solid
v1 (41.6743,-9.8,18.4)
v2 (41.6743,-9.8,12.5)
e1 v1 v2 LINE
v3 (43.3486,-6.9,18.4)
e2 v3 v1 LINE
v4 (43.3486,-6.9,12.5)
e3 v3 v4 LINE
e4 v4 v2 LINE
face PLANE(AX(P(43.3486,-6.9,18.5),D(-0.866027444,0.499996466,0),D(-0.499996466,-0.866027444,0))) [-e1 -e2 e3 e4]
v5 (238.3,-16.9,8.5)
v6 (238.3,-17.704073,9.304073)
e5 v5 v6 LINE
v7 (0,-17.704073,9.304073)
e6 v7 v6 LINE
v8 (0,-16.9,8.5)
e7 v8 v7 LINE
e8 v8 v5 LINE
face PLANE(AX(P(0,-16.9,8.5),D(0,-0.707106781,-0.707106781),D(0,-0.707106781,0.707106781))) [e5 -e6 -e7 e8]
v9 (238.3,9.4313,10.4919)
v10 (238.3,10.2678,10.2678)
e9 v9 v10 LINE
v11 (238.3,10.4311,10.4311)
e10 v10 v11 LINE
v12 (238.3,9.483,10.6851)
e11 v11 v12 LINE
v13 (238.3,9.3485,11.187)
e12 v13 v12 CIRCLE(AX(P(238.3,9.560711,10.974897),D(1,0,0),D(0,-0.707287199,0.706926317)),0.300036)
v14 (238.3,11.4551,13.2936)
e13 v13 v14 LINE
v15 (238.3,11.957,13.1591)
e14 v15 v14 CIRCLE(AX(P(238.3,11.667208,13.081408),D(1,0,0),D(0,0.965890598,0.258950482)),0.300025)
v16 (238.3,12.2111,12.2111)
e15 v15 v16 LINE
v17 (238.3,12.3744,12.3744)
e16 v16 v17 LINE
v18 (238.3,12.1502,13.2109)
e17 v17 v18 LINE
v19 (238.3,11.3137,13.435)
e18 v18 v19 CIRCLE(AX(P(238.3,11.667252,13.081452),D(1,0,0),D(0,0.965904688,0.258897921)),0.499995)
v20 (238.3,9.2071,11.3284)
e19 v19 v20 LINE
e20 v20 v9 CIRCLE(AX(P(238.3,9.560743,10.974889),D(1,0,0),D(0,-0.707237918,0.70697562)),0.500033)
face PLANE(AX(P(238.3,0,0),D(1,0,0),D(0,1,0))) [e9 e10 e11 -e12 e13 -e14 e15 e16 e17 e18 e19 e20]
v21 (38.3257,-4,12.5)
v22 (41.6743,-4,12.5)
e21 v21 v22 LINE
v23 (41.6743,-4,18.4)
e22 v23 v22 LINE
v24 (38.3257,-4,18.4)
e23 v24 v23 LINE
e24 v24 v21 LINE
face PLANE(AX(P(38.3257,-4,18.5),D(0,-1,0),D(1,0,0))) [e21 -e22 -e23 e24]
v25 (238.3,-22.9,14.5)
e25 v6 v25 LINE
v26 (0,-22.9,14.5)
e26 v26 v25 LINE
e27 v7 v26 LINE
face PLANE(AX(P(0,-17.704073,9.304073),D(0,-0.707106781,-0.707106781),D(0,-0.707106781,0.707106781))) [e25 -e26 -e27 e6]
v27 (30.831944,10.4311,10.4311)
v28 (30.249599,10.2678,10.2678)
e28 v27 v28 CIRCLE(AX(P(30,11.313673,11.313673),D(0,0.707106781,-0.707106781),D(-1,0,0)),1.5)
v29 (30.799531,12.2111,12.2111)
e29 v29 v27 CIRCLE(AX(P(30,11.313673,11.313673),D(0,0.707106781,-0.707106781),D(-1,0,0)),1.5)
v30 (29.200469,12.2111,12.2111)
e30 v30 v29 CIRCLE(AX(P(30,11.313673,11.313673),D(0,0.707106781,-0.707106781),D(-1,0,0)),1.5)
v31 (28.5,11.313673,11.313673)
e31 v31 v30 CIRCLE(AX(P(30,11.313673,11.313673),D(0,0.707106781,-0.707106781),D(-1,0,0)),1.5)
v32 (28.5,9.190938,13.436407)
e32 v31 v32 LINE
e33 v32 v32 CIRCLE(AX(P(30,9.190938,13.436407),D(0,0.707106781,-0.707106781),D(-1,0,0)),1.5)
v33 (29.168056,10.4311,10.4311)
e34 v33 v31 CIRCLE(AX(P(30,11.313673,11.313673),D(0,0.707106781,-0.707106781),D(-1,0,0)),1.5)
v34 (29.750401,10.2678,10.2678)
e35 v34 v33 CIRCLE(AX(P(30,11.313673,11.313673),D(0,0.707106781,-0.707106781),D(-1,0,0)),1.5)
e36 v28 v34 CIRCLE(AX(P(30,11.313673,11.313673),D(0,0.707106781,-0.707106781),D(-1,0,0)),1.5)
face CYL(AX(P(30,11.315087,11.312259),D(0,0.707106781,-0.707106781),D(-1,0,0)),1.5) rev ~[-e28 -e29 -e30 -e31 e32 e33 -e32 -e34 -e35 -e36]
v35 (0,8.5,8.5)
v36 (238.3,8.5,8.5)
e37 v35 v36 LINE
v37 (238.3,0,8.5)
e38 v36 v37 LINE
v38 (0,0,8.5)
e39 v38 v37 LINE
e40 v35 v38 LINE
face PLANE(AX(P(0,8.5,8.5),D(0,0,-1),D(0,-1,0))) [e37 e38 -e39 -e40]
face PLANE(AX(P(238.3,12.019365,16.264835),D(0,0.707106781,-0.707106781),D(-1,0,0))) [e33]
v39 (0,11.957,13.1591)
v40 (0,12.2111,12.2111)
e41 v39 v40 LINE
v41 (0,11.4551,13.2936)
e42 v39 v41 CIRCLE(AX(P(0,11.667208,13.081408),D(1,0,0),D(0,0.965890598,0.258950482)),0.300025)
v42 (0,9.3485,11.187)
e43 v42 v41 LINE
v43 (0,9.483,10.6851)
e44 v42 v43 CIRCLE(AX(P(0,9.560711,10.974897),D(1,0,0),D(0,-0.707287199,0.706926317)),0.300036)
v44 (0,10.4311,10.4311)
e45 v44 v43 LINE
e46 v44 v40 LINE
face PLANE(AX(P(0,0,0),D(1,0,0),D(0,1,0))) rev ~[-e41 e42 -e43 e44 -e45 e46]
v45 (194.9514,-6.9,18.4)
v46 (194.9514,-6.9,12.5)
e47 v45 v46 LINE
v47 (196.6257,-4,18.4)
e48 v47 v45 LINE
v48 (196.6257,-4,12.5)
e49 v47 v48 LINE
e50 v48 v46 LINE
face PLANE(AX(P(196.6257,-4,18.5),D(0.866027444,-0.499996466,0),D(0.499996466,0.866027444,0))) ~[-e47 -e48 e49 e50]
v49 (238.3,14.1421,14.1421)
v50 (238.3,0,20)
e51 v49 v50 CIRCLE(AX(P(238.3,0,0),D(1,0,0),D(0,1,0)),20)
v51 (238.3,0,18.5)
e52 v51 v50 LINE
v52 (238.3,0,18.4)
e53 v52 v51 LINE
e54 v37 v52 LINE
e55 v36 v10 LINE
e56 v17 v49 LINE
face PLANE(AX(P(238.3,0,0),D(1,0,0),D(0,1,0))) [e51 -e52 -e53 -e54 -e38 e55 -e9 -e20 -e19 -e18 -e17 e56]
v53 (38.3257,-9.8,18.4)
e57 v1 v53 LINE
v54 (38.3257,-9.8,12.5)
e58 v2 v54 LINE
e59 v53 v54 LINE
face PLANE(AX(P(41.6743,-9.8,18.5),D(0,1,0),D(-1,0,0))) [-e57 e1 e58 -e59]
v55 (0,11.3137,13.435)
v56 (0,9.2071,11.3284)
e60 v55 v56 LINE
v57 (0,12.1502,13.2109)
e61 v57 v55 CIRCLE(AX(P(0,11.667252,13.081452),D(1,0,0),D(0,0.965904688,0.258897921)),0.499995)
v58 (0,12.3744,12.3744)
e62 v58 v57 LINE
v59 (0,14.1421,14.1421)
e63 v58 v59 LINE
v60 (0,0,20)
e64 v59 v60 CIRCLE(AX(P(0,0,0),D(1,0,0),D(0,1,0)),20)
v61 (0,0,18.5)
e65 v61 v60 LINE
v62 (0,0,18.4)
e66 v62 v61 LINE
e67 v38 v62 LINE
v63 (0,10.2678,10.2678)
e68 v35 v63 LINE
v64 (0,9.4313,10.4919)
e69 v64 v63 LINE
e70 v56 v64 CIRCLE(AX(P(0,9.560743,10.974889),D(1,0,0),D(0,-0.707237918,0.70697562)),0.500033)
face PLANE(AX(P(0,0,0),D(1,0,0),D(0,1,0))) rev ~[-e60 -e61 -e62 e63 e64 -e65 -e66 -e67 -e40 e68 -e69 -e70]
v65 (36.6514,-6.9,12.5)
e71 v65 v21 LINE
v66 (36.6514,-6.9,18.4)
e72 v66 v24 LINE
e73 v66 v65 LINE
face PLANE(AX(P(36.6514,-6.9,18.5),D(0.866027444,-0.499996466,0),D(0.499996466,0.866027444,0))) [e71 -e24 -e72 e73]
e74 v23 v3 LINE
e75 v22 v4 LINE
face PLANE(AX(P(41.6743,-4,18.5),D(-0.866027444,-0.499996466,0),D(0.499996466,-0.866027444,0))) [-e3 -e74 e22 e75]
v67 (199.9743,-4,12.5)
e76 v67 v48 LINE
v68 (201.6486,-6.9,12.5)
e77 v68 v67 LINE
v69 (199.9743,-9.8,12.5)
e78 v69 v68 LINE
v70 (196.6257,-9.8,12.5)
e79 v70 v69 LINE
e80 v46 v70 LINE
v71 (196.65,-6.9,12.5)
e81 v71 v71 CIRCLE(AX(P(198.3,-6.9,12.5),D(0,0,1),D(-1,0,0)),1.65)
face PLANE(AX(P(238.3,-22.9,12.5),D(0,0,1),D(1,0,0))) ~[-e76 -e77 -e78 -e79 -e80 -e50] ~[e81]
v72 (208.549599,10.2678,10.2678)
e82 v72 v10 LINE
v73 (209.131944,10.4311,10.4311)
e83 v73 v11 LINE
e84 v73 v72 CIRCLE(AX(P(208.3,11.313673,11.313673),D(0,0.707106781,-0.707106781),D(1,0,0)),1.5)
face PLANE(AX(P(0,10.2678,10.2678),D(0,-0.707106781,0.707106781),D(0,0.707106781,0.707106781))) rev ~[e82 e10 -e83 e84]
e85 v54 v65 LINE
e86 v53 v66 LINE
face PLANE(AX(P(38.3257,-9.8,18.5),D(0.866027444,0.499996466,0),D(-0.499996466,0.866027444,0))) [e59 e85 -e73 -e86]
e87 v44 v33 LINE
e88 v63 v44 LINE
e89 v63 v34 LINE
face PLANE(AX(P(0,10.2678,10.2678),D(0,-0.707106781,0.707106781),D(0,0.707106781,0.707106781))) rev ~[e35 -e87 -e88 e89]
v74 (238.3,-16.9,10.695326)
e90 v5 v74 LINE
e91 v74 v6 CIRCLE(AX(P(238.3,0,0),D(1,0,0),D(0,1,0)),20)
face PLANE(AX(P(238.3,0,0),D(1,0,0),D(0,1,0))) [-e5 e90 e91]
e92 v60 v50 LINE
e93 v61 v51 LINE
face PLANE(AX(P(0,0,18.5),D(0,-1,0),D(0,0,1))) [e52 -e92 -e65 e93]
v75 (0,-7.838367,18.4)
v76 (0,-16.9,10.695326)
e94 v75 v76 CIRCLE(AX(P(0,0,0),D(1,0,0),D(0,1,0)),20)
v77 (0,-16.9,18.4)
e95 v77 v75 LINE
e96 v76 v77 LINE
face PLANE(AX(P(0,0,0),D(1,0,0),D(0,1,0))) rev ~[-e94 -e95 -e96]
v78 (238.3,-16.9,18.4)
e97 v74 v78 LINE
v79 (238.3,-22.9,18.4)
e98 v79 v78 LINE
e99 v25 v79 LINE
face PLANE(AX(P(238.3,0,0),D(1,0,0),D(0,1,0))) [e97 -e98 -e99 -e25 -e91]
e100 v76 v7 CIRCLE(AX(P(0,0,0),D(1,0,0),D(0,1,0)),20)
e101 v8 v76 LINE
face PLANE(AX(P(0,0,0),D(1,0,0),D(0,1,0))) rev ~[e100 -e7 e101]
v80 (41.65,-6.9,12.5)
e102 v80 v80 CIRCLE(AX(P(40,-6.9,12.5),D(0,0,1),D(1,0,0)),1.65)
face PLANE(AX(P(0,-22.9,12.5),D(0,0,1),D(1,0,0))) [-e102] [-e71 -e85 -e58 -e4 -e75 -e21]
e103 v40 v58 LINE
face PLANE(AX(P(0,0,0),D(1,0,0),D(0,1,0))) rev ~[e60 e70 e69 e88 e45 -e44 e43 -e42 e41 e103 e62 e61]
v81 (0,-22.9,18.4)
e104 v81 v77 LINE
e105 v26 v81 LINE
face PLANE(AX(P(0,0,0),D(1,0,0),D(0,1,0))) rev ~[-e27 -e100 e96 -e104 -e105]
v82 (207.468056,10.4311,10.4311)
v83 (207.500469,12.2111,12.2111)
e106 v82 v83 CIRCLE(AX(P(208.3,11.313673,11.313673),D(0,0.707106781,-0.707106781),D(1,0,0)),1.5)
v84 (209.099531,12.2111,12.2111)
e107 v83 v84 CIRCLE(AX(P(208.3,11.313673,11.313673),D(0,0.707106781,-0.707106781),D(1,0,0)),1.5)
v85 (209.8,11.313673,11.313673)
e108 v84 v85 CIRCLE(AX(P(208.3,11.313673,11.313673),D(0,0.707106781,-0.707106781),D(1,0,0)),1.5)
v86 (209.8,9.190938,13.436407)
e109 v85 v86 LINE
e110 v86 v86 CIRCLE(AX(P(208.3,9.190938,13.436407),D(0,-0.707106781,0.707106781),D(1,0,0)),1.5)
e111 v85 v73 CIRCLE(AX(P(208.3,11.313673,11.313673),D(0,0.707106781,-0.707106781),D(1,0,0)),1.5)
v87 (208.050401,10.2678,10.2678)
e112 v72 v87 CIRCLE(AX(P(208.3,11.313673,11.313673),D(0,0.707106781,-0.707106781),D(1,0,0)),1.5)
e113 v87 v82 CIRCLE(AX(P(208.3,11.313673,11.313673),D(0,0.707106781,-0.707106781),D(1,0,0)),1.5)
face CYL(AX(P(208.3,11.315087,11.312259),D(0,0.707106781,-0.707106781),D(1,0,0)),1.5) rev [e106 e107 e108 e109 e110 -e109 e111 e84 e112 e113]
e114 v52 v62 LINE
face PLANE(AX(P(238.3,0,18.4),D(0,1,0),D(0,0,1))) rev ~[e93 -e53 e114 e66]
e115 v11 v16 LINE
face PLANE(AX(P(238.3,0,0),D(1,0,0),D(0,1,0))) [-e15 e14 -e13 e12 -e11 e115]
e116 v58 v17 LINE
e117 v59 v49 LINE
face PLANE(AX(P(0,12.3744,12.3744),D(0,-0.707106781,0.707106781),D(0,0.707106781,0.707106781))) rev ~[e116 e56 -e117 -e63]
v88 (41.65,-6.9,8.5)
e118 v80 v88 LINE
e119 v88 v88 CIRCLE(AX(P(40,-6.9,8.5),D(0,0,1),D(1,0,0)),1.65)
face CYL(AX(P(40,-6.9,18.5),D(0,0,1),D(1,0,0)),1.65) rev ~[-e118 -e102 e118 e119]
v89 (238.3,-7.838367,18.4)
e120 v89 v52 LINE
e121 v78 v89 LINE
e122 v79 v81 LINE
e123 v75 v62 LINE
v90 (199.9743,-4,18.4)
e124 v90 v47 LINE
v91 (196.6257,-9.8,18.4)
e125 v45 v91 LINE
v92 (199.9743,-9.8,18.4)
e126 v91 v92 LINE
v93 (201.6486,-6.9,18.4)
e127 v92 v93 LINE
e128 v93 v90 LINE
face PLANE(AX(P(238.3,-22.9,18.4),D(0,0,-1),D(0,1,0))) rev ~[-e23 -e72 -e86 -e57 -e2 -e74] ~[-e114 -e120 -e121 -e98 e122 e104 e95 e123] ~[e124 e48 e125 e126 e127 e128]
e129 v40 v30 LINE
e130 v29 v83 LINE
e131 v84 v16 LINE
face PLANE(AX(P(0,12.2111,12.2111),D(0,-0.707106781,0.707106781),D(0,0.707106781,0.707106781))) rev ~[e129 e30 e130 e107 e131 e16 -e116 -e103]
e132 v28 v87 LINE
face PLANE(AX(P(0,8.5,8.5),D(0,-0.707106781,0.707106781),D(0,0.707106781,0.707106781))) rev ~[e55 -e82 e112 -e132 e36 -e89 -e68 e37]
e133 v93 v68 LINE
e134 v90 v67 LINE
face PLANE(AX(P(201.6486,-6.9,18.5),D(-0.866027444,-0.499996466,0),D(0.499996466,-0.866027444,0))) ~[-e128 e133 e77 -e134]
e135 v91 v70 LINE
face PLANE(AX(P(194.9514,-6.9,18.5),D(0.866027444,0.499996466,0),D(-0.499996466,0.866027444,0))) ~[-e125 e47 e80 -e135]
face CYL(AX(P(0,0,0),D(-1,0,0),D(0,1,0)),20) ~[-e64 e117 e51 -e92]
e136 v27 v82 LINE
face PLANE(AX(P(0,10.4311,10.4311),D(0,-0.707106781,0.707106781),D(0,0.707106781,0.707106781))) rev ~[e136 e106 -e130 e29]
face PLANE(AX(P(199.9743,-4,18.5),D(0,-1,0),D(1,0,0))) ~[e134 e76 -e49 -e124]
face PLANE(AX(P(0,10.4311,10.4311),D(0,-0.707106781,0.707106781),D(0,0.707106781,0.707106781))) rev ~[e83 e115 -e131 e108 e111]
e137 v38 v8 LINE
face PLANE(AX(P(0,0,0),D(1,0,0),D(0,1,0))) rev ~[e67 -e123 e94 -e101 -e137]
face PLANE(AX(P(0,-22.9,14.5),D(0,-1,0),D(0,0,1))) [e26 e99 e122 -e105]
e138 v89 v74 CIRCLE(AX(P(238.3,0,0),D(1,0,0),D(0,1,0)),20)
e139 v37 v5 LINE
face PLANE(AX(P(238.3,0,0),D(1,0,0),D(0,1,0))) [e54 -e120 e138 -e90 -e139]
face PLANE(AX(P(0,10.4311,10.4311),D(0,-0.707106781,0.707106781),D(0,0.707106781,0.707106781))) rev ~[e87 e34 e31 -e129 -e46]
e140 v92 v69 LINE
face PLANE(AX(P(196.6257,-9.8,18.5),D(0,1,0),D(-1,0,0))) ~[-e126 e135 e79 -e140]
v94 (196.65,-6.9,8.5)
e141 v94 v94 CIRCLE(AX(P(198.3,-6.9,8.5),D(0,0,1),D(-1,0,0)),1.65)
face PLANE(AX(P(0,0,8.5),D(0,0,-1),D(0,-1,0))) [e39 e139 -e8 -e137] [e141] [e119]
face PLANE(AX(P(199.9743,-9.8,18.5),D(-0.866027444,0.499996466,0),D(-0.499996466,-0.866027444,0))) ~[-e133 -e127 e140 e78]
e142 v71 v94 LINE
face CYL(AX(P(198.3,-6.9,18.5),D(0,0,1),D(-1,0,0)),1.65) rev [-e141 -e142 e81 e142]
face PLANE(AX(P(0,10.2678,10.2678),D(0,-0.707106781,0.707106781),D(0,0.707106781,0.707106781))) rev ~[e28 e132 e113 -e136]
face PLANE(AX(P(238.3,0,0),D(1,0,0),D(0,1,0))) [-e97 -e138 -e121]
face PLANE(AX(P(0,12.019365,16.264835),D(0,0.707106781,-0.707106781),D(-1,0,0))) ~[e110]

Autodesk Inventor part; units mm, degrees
ref_plane "YZ Plane" through (0, 0, 0) normal (1, 0, 0) x (0, 1, 0)
ref_plane "XZ Plane" through (0, 0, 0) normal (0, 1, 0) x (-1, 0, 0)
ref_plane "XY Plane" through (0, 0, 0) normal (0, 0, 1) x (1, 0, 0)
sketch "Sketch1" plane through (0, 0, 0) normal (1, 0, 0) x (0, 1, 0)
  circle A0 centre (0, 0) radius 20
  line L0 (8.5, 8.5) -> (-16.9, 8.5)
  line L1 (8.5, 8.5) -> (8.5, -16.9)
  line L2 (0, 0) -> (0, 20)
  line L3 (0, 20) -> (-60.9241, 20)
  line L4 (-60.9241, 20) -> (-60.9241, 18.5)
  line L5 (-60.9241, 18.5) -> (0, 18.5)
  line L6 (0, 18.5) -> (0, 20)
  line L7 (0, 0) -> (14.1421, 14.1421)
  line L8 (0, 0) -> (20, 0)
  line L9 (-16.9, 8.5) -> (-16.9, 18.5)
  line L10 (-16.9, 8.5) -> (-22.9, 14.5)
  line L11 (-22.9, 14.5) -> (-22.9, 18.5)
  line L12 (12.3744, 12.3744) -> (12.1502, 13.2109)
  line L13 (11.3137, 13.435) -> (9.2071, 11.3284)
  line L14 (9.4313, 10.4919) -> (10.2678, 10.2678)
  line L15 (8.5, 8.5) -> (8.5, -16.9)
  line L16 (20, 0) -> (20, -60.9241)
  line L17 (20, -60.9241) -> (18.5, -60.9241)
  line L18 (18.5, -60.9241) -> (18.5, 0)
  line L19 (8.5, -16.9) -> (18.5, -16.9)
  line L20 (8.5, -16.9) -> (14.5, -22.9)
  line L21 (14.5, -22.9) -> (18.5, -22.9)
  arc A1 (9.2071, 11.3284) -> (9.4313, 10.4919) centre (9.5607, 10.9749) ccw
  arc A2 (12.1502, 13.2109) -> (11.3137, 13.435) centre (11.6673, 13.0815) ccw
  line L22 (10.4311, 10.4311) -> (9.483, 10.6851)
  arc A3 (9.3485, 11.187) -> (9.483, 10.6851) centre (9.5607, 10.9749) ccw
  line L23 (9.3485, 11.187) -> (11.4551, 13.2936)
  arc A4 (11.957, 13.1591) -> (11.4551, 13.2936) centre (11.6673, 13.0815) ccw
  line L24 (11.957, 13.1591) -> (12.2111, 12.2111)
  point P0 (0, 8.5)
  point P1 (-17.7041, 9.3041)
  point P2 (-16.9, 10.6953)
  dimension "d0" = 40
  dimension "d1" = 25.4
  dimension "d2" = 1.5
  dimension "d4" = 45
  dimension "d6" = 45
  dimension "d7" = 4
  dimension "d8" = 10
  dimension "d10" = 2.5
  dimension "d11" = 2.5
  dimension "d12" = 60
  dimension "d13" = 1.5
  dimension "d15" = 0.5
  dimension "d16" = 0.2
extrude "Extrusion1" add sketch "Sketch1" along normal blind 238.3 contours L7 L12 A2 L13 A1 L14 L0 L2 A0 | L7 L24 A4 L23 A3 L22 L14 A1 L13 A2 L12 | L5 L2 L0 L9 A0 | A0 L9 L5 | L7 L22 A3 L23 A4 L24 | L9 L10 A0 | A0 L10 L11 L5 L9
sketch "Sketch2" plane through (0, -22.9, 18.5) normal (0, 0, 1) x (1, 0, 0)
  line L0 (0, 22.9) -> (0, 0) projected
  line L1 (0, 0) -> (238.3, 0) projected
  line L2 (238.3, 22.9) -> (238.3, 0) projected
  line L3 (0, 22.9) -> (238.3, 22.9) projected
  line L4 (38.3257, 13.1) -> (36.6514, 16)
  line L5 (36.6514, 16) -> (38.3257, 18.9)
  line L6 (38.3257, 18.9) -> (41.6743, 18.9)
  line L7 (41.6743, 18.9) -> (43.3486, 16)
  line L8 (43.3486, 16) -> (41.6743, 13.1)
  line L9 (41.6743, 13.1) -> (38.3257, 13.1)
  line L10 (0, 6) -> (238.3, 6) projected
  circle A0 centre (40, 16) radius 1.65
  dimension "d20" = 10
  dimension "d21" = 5.8
  dimension "d22" = 40
  dimension "d25" = 3.3
extrude "Extrusion2" cut sketch "Sketch2" against normal blind 6 contours L4 L5 L6 L7 L8 L9 | A0
extrude "Extrusion3" cut sketch "Sketch2" against normal through all contours A0
sketch "Sketch3" plane through (0, -22.9, 18.5) normal (0, 0, 1) x (1, 0, 0)
  line L0 (0, 37.0421) -> (238.3, 37.0421) projected
  line L1 (0, 0) -> (238.3, 0) projected
  line L2 (0, 22.9) -> (0, 0) projected
  line L3 (0, 22.9) -> (0, 37.0421) projected
  line L4 (2.4384, 37.0421) -> (17.8575, 0)
  line L5 (0, 0) -> (238.3, 0) projected
  line L6 (2.4384, 37.0421) -> (0, 42.9) projected
  point P0 (0, 26.9698)
  dimension "d28" = 112.6
sketch "Sketch4" plane through (238.3, 14.1421, 14.1421) normal (0, 0.7071, -0.7071) x (-1, 0, 0)
  line L0 (238.3, 0) -> (0, 0) projected
  line L1 (0, -7.9792) -> (0, 0) projected
  line L2 (238.3, -7.9792) -> (0, -7.9792) projected
  circle A0 centre (208.3, -4) radius 1.5
  line L3 (238.3, -7.9792) -> (238.3, 0) projected
  line L4 (119.15, -7.9792) -> (119.15, 0)
  ellipse E0 centre (198.3, -18.8686) end of major axis (196.65, -18.8686) minor radius 1.1667 projected
  point P0 (238.3, -20)
  dimension "d34" = 3
  dimension "d35" = 4
  dimension "d46" = 30
extrude "Extrusion5" cut sketch "Sketch4" against normal blind 3 contours A0
ref_plane "Work Plane1" through (119.15, 0, 0) normal (-1, 0, 0) x (0, 0, 1)
mirror "Mirror1" about plane through (119.15, 0, 0) normal (-1, 0, 0) of "Extrusion5", "Extrusion2", "Extrusion3"
sketch "Sketch6" plane through (238.3, 0, 0) normal (1, 0, 0) x (0, 0, -1)
  line L0 (-14.5, -22.9) -> (-8.5, -16.9) projected
  line L1 (-8.5, -16.9) -> (-8.5, 8.5) projected
  line L2 (-8.5, 8.5) -> (-14.1421, 14.1421) projected
  arc A0 (-14.1421, 14.1421) -> (-20, 0) centre (0, 0) ccw projected
  line L3 (-20, 0) -> (-18.5, 0) projected
  line L4 (-18.5, 0) -> (-18.5, -22.9) projected
  line L5 (-18.5, -22.9) -> (-14.5, -22.9) projected
  line L6 (-18.5, -22.9) -> (-18.4, -22.9)
  line L7 (-18.4, -22.9) -> (-18.4, 0)
  line L8 (-18.4, 0) -> (-18.5, 0)
  line L9 (-18.5, 0) -> (-18.5, -22.9)
  dimension "d50" = 0.1
extrude "Extrusion7" cut sketch "Sketch6" against normal through all contours L5 L4 L8 L7
properties part number "ESQUINA_REDONDEADA_R20" material "Steel, Mild, Welded"
